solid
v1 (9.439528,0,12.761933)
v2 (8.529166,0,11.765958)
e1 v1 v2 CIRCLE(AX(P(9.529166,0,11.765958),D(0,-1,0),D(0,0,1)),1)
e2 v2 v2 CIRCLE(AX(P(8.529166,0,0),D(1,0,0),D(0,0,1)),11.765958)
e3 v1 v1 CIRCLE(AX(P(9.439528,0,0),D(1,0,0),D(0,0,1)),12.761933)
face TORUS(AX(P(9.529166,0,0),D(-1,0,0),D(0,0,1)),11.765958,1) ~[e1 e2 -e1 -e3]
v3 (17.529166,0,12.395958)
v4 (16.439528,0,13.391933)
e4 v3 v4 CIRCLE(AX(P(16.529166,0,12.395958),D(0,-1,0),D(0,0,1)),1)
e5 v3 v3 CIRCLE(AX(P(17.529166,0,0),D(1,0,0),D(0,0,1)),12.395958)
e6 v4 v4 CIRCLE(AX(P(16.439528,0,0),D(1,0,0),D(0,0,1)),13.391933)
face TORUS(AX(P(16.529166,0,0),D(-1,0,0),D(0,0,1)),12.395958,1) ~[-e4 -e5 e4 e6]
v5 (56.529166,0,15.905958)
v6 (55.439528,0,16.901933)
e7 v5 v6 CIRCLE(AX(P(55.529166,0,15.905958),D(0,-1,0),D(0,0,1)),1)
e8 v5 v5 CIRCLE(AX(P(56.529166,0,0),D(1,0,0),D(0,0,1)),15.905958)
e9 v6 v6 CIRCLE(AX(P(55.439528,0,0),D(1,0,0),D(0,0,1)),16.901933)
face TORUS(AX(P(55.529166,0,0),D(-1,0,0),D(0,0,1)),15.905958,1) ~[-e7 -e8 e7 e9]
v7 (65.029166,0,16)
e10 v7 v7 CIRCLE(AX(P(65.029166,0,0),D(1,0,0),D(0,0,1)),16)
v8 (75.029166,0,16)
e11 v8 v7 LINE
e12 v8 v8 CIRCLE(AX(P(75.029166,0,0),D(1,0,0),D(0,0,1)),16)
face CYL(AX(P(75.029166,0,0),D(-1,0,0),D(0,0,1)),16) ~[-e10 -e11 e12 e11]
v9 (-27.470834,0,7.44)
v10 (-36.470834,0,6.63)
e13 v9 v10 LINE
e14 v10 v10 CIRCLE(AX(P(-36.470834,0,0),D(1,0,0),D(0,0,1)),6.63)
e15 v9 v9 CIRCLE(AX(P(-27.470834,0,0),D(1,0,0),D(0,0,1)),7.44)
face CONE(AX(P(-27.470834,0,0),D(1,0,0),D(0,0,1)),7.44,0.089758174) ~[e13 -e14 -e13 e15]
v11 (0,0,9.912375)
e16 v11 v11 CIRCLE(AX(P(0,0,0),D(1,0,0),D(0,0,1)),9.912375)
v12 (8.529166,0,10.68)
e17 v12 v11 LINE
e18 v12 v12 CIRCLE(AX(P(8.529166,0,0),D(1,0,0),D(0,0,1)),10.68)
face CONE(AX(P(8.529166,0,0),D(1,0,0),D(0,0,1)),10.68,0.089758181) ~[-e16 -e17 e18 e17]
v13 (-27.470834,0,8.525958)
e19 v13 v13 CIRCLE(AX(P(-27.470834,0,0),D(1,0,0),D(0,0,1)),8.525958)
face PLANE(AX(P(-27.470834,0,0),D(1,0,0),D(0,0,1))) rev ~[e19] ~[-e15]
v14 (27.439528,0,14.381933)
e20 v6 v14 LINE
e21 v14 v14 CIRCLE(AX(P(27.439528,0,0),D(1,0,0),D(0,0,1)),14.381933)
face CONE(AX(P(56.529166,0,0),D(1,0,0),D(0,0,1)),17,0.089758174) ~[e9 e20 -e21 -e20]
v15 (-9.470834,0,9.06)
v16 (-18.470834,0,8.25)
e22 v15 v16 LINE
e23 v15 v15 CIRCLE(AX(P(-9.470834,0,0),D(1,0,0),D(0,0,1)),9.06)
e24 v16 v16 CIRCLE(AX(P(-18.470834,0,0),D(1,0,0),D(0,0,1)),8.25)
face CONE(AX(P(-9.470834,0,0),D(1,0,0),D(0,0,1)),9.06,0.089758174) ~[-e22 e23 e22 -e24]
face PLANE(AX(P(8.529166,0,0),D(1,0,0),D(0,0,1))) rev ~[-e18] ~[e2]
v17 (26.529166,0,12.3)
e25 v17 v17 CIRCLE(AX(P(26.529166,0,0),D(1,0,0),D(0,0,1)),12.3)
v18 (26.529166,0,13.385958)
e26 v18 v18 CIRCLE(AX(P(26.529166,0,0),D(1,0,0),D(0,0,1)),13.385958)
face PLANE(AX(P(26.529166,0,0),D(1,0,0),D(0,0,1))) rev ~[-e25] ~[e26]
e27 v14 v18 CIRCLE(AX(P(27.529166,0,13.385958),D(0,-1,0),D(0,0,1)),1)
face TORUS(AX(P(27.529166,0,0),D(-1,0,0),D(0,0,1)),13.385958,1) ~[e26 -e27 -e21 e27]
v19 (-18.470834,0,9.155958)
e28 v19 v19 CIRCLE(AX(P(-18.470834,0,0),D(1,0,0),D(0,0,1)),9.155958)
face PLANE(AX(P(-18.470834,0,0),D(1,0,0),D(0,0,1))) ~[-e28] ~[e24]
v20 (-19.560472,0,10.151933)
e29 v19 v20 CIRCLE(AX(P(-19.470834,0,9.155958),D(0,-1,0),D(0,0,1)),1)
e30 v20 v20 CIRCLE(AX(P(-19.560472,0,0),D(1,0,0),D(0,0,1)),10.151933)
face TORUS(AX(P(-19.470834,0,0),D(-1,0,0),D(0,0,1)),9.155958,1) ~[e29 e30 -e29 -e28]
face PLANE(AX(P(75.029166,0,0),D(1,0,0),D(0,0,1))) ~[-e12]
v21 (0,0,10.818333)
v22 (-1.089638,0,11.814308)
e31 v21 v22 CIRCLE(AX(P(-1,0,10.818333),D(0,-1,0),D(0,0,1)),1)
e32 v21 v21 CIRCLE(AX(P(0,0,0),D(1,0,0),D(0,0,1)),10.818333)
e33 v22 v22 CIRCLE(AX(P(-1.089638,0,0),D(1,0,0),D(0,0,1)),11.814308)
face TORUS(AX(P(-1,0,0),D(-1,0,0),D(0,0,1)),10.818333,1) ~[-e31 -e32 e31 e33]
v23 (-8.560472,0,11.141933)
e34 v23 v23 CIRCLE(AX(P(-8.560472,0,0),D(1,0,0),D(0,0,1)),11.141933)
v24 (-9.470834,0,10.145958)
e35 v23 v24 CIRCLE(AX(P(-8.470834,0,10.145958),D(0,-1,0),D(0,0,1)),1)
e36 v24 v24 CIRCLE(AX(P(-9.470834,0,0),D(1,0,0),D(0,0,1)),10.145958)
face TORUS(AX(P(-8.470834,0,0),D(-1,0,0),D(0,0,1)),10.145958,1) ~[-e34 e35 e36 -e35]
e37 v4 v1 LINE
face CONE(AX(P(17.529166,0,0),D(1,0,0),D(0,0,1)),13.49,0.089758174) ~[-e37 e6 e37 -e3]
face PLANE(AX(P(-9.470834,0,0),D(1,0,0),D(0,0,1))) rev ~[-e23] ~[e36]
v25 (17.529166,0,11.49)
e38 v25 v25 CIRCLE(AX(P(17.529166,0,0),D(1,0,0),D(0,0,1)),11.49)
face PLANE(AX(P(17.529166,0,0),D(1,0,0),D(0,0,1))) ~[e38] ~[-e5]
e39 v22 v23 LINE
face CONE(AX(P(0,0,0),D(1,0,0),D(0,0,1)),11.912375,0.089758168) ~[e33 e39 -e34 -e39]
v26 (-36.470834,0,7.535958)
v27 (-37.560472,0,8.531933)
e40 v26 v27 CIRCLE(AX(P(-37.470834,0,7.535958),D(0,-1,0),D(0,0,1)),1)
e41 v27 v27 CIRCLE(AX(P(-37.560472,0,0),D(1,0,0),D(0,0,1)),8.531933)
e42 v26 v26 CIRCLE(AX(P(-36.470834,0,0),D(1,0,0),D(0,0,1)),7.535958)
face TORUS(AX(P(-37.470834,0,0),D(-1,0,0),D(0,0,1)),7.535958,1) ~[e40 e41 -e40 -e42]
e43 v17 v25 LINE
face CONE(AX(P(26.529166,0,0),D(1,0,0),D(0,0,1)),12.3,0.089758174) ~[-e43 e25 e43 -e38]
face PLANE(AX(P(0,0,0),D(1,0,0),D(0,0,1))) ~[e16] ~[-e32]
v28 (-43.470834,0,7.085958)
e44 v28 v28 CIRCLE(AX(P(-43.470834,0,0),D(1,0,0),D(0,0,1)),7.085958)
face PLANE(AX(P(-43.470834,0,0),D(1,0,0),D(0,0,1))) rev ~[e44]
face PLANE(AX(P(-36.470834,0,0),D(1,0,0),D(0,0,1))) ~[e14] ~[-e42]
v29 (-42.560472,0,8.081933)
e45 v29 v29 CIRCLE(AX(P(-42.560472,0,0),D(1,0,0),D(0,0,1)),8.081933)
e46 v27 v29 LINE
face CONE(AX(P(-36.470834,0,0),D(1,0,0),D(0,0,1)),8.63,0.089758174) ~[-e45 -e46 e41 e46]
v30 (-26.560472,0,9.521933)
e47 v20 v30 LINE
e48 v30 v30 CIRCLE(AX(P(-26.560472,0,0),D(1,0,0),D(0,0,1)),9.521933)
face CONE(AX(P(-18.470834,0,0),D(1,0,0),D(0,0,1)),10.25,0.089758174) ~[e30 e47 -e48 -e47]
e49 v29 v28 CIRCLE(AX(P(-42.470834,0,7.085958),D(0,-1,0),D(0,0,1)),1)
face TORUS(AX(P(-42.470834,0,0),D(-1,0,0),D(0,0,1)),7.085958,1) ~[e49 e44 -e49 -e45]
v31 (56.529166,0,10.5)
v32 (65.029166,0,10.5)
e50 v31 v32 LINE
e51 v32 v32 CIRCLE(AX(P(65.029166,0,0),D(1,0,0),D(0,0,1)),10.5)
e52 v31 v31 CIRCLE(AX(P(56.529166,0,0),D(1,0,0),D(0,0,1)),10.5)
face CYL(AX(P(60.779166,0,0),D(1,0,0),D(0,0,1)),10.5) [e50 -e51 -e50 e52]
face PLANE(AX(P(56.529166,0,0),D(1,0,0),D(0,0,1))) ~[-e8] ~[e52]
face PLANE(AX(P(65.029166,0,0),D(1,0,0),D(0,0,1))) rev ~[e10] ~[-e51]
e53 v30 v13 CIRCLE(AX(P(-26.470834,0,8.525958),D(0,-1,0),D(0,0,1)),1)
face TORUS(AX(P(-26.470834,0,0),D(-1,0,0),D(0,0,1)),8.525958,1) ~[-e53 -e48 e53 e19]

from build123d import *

# Parameters (mm, degrees)
F0_W = 8.5
F0_H = 10.5
F2_R = 1


with BuildPart() as f1:
    # F0 (on Front) → F1 (revolve)
    with BuildSketch(Plane.XZ):
        Polygon((26.529166, 0), (56.529166, 0), (56.529166, 10.5), (56.529166, 17), (26.529166, 14.3), (26.529166, 12.3), align=None)
        Polygon((17.529166, 0), (26.529166, 0), (26.529166, 12.3), (17.529166, 11.49), align=None)
        Polygon((8.529166, 0), (17.529166, 0), (17.529166, 11.49), (17.529166, 13.49), (8.529166, 12.68), (8.529166, 10.68), align=None)
        Polygon((0, 0), (8.529166, 0), (8.529166, 10.68), (0, 9.912375), align=None)
        Polygon((-0.470834, 0), (0, 0), (0, 9.912375), (0, 11.912375), (-9.470834, 11.06), (-9.470834, 9.06), (-9.470834, 0), align=None)
        Polygon((-18.470834, 0), (-9.470834, 0), (-9.470834, 9.06), (-18.470834, 8.25), align=None)
        Polygon((-27.470834, 0), (-18.470834, 0), (-18.470834, 8.25), (-18.470834, 10.25), (-27.470834, 9.44), (-27.470834, 7.44), align=None)
        Polygon((-36.470834, 0), (-27.470834, 0), (-27.470834, 7.44), (-36.470834, 6.63), align=None)
        Polygon((-43.470834, 0), (-36.470834, 0), (-36.470834, 6.63), (-36.470834, 8.63), (-43.470834, 8), (-43.470834, 6), align=None)
        with Locations((60.779166, 5.25)):
            Rectangle(F0_W, F0_H)
        Polygon((65.029166, 0), (75.029166, 0), (75.029166, 16), (65.029166, 16), (65.029166, 10.5), align=None)
    revolve(axis=Axis((23.28412, 0, 0), (1, 0, 0)))

    # F2
    f2_edges = [f1.edges().sort_by_distance(p)[0] for p in [
        (56.529166, 0, -17),
        (26.529166, 0, -14.3),
        (17.529166, 0, -13.49),
        (8.529166, 0, -12.68),
        (0, 0, -11.912375),
        (-9.470834, 0, -11.06),
        (-18.470834, 0, -10.25),
        (-27.470834, 0, -9.44),
        (-43.470834, 0, -8),
        (-36.470834, 0, -8.63),
    ]]
    fillet(f2_edges, radius=F2_R)


solid = f1.part
